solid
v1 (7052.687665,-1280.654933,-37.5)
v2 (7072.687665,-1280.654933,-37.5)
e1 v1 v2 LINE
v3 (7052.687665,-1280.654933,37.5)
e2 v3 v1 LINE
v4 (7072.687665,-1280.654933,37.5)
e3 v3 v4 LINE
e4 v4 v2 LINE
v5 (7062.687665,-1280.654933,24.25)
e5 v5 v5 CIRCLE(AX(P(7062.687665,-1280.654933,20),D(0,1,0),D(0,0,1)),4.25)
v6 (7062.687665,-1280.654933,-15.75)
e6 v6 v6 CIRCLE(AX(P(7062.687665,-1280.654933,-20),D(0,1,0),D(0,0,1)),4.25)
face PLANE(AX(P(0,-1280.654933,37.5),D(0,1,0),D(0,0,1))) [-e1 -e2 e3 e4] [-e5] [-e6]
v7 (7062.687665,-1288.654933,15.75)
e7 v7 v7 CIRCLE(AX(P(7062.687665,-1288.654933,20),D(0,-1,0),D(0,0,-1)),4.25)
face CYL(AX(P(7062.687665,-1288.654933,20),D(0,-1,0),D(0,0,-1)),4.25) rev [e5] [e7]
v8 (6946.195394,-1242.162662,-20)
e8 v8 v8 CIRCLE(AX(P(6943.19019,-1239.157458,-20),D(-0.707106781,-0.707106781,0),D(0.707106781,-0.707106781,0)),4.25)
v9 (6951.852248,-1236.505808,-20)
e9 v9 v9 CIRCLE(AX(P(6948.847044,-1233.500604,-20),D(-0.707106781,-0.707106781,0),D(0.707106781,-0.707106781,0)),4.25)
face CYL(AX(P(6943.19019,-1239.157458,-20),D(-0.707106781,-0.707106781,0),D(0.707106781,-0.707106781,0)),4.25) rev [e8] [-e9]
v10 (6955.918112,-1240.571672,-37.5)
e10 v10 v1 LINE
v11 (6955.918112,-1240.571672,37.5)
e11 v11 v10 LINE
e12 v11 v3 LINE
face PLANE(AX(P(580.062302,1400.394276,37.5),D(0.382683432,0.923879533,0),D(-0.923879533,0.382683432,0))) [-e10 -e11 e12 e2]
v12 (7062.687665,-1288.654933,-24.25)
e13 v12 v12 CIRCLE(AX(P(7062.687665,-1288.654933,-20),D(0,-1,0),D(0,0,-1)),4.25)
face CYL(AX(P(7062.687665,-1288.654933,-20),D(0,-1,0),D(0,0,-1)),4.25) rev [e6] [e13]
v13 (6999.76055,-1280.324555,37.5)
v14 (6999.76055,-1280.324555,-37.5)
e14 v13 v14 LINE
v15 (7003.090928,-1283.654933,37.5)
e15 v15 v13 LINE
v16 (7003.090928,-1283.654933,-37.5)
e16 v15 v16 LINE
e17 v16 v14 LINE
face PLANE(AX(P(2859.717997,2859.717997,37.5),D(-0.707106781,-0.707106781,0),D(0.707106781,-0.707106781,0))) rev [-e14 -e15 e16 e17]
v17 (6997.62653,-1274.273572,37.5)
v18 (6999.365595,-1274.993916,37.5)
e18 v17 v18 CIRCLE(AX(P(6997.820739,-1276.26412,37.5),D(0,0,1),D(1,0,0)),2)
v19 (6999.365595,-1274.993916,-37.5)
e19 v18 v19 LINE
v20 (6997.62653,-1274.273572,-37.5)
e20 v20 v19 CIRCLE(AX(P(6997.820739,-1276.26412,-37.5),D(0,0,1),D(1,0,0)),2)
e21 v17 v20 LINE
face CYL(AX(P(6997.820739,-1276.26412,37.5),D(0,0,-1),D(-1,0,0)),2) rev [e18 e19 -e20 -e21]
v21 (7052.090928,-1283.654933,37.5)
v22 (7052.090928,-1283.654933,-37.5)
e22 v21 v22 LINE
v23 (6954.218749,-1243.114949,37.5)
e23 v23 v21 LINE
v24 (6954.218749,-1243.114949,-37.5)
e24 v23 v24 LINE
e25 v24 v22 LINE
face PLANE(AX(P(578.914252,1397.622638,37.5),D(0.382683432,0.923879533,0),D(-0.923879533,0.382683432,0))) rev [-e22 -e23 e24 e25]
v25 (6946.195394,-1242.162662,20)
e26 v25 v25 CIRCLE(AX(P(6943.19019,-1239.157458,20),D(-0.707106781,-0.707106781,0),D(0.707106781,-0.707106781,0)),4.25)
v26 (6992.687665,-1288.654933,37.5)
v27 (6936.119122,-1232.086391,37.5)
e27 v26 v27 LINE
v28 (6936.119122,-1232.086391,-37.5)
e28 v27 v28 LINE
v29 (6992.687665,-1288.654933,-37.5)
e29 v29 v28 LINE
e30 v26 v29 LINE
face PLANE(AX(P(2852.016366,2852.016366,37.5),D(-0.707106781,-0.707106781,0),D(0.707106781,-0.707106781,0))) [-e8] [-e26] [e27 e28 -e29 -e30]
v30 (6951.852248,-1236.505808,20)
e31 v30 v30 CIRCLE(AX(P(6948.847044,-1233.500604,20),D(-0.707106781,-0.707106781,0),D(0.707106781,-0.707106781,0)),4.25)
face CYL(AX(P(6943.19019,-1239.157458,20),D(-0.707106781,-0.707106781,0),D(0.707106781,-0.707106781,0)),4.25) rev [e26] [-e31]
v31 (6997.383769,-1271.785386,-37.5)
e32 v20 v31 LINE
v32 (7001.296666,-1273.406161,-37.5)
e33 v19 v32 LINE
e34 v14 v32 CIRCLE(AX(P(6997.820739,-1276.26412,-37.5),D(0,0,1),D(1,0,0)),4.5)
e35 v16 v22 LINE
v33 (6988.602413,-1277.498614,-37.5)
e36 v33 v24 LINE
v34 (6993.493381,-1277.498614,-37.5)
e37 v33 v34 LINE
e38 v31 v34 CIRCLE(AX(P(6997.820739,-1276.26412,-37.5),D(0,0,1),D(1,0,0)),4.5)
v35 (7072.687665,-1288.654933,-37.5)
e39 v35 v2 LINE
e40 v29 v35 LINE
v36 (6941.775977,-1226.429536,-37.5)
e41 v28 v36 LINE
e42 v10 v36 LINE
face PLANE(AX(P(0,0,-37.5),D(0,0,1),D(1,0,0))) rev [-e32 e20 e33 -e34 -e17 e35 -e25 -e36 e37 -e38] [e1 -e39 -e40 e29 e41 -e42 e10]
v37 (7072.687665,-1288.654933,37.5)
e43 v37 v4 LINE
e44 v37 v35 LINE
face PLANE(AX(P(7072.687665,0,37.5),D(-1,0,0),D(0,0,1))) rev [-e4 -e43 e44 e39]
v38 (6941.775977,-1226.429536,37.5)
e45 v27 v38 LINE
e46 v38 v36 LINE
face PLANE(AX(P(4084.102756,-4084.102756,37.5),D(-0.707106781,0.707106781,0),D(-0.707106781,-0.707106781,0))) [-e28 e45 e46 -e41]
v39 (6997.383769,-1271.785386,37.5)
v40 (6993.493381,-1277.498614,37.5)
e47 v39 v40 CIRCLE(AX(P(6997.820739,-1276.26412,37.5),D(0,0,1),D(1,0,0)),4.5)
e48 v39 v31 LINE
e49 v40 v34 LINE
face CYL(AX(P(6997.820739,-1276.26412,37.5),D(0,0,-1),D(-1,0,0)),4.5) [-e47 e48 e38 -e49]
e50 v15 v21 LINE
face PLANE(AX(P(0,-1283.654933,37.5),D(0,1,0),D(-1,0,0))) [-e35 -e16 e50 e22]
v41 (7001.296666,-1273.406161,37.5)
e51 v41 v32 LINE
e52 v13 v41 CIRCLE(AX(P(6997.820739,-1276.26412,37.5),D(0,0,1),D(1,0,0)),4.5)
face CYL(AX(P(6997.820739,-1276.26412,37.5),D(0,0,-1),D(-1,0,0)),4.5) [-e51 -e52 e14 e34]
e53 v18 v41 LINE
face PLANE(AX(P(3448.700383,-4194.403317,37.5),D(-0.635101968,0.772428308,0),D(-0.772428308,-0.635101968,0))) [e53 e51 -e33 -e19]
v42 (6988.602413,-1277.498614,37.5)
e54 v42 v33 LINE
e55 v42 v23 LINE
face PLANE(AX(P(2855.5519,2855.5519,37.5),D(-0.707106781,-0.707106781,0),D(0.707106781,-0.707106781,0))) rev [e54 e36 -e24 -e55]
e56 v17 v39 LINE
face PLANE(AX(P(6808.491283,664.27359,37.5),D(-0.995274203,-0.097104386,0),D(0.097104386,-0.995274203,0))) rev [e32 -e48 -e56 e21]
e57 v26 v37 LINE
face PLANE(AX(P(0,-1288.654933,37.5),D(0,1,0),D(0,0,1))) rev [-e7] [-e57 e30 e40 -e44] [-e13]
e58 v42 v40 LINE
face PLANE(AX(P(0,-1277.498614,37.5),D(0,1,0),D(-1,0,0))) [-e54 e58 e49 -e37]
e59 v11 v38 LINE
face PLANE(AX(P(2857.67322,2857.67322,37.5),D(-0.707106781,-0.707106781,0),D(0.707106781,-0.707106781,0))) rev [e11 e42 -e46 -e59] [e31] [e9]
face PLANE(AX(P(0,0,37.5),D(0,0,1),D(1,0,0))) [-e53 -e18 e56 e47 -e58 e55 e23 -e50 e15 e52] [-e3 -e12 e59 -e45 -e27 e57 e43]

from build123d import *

# Parameters (mm, degrees)
EXTRUDE_1_DEPTH         = 37.5
HOLE_WIZARD_8_5_8_5_1_D = 8.5
HOLE_WIZARD_8_5_8_5_2_D = 8.5


with BuildPart() as part:
    # 草图1 → 凸台-拉伸1 (new, symmetric)
    with BuildSketch(Plane.XY):
        Polygon((6936.119122288, -1232.086390659), (6992.687664783, -1288.654933154), (7072.687664783, -1288.654933154), (7072.687664783, -1280.654933154), (7052.687664783, -1280.654933154), (6955.918112162, -1240.571672033), (6941.775976538, -1226.429536409), align=None)
        with BuildLine():
            Line((7009.090927681, -1283.654933154), (7003.090927681, -1283.654933154))
            Line((7003.090927681, -1283.654933154), (6999.760549745, -1280.324555218))
            ThreePointArc((6999.760549745, -1280.324555218), (7002.213755914, -1277.239517812), (7001.296666197, -1273.406161221))
            Line((7001.296666197, -1273.406161221), (6999.365595427, -1274.993916141))
            ThreePointArc((6999.365595427, -1274.993916141), (6997.055371947, -1278.111879141), (6997.626530039, -1274.273571671))
            Line((6997.626530039, -1274.273571671), (6997.383769074, -1271.785386165))
            ThreePointArc((6997.383769074, -1271.785386165), (6994.101203016, -1273.731324494), (6993.49338103, -1277.49861375))
            Line((6993.49338103, -1277.49861375), (6988.602413191, -1277.49861375))
            Line((6988.602413191, -1277.49861375), (6954.21874867, -1243.114949228))
            Line((6954.21874867, -1243.114949228), (7052.090927681, -1283.654933154))
            Line((7052.090927681, -1283.654933154), (7029.403393536, -1283.654933154))
            Line((7029.403393536, -1283.654933154), (7009.090927681, -1283.654933154))
        make_face(mode=Mode.SUBTRACT)
    extrude(amount=EXTRUDE_1_DEPTH, both=True)

    # Ø8.5 (8.5) 直径孔1 (through all)
    with Locations(Plane(origin=(2852.016365815, 2852.016365815, 0), x_dir=(0.7071067811865628, -0.7071067811865324, 0), z_dir=(-0.7071067811865324, -0.7071067811865628, 0))):
        with Locations((5785.79350833, -20), (5785.79350833, 20)):
            Hole(HOLE_WIZARD_8_5_8_5_1_D / 2)

    # Ø8.5 (8.5) 直径孔2 (through all)
    with Locations(Plane.XZ.offset(1288.654933154)):
        with Locations((7062.687664783, -20), (7062.687664783, 20)):
            Hole(HOLE_WIZARD_8_5_8_5_2_D / 2)


solid = part.part
